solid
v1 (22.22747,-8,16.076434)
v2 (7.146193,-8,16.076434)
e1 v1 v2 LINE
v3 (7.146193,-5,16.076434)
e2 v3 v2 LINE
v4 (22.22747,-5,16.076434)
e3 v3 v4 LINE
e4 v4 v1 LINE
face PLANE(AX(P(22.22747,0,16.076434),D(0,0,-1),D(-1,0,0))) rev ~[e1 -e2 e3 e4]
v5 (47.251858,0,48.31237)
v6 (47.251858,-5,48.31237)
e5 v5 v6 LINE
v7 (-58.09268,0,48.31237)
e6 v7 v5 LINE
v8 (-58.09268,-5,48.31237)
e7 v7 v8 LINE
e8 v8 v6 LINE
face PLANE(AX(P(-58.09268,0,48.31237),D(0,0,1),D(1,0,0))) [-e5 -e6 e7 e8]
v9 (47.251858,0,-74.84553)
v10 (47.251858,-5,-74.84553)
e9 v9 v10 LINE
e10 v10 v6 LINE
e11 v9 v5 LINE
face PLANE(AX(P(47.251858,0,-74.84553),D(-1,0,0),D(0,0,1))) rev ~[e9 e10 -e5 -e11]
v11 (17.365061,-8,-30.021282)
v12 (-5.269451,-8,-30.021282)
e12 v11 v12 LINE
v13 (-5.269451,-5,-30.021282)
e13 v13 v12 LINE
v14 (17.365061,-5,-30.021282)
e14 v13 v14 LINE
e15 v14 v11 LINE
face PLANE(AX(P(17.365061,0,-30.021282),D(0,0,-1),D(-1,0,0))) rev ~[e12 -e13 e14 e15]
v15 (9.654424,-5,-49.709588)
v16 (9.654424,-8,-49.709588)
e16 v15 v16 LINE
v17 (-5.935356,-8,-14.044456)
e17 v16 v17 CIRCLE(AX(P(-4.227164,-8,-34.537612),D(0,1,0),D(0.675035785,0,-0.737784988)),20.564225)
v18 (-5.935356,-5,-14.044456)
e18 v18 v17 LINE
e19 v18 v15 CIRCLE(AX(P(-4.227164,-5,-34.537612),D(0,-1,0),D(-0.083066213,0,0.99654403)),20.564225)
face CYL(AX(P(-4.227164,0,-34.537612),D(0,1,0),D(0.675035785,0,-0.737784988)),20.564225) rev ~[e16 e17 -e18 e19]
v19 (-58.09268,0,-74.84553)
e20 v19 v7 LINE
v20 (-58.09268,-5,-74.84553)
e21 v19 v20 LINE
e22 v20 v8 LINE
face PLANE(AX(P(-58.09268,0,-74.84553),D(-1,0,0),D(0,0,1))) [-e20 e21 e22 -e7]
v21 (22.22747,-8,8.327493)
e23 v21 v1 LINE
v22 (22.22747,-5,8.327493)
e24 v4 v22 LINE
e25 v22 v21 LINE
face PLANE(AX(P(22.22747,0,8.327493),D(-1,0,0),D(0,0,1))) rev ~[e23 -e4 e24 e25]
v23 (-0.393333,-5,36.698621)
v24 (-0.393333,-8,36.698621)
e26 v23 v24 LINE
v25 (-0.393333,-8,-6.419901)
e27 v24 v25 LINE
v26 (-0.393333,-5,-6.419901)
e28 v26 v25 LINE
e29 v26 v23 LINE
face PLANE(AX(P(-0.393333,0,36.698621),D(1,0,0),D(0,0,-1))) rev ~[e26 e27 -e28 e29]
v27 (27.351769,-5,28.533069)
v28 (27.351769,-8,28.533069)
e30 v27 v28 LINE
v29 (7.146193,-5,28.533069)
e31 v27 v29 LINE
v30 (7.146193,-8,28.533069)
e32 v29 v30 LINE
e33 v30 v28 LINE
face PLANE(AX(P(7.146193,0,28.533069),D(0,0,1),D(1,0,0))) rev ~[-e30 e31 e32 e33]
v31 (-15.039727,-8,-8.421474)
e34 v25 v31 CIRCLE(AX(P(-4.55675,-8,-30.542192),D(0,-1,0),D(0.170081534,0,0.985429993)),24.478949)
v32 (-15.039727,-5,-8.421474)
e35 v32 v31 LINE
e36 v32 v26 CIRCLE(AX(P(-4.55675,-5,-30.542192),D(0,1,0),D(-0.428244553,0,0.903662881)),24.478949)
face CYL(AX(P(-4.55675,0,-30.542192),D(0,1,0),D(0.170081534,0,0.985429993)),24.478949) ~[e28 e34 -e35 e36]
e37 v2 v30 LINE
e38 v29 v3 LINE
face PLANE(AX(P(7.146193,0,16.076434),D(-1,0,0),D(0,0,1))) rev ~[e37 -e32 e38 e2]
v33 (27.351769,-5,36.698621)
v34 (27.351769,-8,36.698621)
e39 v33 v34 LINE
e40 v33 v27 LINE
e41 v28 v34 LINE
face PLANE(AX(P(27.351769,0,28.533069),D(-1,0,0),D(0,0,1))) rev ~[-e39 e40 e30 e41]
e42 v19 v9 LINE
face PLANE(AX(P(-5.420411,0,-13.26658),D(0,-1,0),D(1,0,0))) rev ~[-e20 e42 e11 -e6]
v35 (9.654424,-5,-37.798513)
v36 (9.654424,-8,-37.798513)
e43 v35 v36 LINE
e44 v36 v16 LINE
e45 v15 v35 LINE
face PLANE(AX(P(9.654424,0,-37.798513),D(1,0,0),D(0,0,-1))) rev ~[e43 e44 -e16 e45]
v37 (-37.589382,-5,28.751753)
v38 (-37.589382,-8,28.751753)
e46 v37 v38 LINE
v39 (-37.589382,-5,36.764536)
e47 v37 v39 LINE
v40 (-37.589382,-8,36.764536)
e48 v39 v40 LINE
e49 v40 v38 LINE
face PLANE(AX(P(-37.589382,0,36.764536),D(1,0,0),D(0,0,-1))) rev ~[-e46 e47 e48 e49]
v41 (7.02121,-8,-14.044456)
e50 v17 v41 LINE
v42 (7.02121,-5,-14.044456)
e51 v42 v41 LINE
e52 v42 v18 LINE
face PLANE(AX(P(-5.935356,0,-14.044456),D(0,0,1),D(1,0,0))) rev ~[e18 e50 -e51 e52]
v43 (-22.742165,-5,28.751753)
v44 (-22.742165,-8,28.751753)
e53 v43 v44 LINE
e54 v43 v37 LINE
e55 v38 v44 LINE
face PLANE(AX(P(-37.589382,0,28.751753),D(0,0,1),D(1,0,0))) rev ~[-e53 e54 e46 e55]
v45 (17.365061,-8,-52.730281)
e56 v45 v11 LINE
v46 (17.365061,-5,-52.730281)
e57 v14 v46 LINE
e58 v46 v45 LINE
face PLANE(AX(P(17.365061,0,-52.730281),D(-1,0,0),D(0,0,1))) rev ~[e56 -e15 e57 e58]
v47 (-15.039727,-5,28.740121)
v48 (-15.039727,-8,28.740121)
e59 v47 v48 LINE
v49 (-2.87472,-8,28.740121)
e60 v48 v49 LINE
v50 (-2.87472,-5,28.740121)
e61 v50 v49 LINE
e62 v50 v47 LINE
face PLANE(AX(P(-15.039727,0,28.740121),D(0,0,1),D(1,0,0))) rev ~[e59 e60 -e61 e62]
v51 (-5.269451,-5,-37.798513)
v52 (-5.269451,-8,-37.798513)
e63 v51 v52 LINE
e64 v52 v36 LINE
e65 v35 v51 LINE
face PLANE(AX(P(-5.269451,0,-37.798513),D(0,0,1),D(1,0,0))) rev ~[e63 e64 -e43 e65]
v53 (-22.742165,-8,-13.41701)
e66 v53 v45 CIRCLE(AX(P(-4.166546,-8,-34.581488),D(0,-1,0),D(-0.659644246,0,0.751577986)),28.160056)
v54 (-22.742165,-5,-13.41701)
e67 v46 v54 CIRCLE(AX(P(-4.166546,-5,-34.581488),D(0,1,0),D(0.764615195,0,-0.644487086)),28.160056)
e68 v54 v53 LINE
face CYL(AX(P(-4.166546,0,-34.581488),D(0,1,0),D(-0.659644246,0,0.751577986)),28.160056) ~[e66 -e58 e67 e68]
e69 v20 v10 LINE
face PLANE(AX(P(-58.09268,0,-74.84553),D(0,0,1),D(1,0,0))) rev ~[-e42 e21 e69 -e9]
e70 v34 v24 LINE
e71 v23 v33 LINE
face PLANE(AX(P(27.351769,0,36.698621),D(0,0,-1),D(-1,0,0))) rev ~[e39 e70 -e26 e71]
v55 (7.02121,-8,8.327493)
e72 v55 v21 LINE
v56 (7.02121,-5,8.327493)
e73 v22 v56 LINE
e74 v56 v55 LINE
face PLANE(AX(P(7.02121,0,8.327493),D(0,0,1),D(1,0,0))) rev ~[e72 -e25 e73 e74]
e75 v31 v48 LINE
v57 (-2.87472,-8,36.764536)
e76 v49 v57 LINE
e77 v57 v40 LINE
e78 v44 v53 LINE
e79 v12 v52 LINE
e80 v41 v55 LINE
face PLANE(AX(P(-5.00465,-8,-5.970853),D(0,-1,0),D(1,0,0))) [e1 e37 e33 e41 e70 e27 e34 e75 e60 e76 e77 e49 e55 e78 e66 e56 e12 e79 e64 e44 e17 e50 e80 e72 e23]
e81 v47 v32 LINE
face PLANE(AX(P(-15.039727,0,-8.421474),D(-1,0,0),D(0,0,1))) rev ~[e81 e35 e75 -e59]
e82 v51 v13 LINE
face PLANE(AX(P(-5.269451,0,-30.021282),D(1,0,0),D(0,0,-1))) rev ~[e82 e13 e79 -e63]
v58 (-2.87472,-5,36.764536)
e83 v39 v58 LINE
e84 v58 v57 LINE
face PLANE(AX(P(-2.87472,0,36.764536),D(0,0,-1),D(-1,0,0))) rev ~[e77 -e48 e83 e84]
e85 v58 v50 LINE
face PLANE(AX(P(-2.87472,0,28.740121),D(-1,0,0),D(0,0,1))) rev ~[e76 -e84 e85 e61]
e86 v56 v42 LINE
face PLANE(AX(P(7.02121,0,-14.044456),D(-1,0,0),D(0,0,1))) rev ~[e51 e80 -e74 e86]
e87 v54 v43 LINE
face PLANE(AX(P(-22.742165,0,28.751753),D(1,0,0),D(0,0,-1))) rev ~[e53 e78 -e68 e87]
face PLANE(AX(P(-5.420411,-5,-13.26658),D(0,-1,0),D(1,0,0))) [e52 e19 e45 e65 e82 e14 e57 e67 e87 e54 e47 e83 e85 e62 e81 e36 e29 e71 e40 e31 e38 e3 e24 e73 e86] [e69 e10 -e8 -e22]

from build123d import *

# Parameters (mm, degrees)
F1_DEPTH = 8
F0_W     = 105.344538
F0_H     = 123.1579
F2_DEPTH = 5


with BuildPart() as f1:
    # F0 (on Front) → F1 (new body)
    with BuildSketch(Plane.XZ):
        with BuildLine():
            Line((-2.87472, 36.764536), (-37.589382, 36.764536))
            Line((-37.589382, 36.764536), (-37.589382, 28.751753))
            Line((-37.589382, 28.751753), (-22.742165, 28.751753))
            Line((-22.742165, 28.751753), (-22.742165, -13.41701))
            ThreePointArc((-22.742165, -13.41701), (-23.878669, -54.691709), (17.365061, -52.730281))
            Line((17.365061, -52.730281), (17.365061, -30.021282))
            Line((17.365061, -30.021282), (-5.269451, -30.021282))
            Line((-5.269451, -30.021282), (-5.269451, -37.798513))
            Line((-5.269451, -37.798513), (9.654424, -37.798513))
            Line((9.654424, -37.798513), (9.654424, -49.709588))
            ThreePointArc((9.654424, -49.709588), (-23.069889, -42.774058), (-5.935356, -14.044456))
            Line((-5.935356, -14.044456), (7.02121, -14.044456))
            Line((7.02121, -14.044456), (7.02121, 8.327493))
            Line((7.02121, 8.327493), (22.22747, 8.327493))
            Line((22.22747, 8.327493), (22.22747, 16.076434))
            Line((22.22747, 16.076434), (7.146193, 16.076434))
            Line((7.146193, 16.076434), (7.146193, 28.533069))
            Line((7.146193, 28.533069), (27.351769, 28.533069))
            Line((27.351769, 28.533069), (27.351769, 36.698621))
            Line((27.351769, 36.698621), (-0.393333, 36.698621))
            Line((-0.393333, 36.698621), (-0.393333, -6.419901))
            ThreePointArc((-0.393333, -6.419901), (-7.871231, -6.288673), (-15.039727, -8.421474))
            Line((-15.039727, -8.421474), (-15.039727, 28.740121))
            Line((-15.039727, 28.740121), (-2.87472, 28.740121))
            Line((-2.87472, 28.740121), (-2.87472, 36.764536))
        make_face()
    extrude(amount=F1_DEPTH)

    # F0 (on Front) → F2 (join)
    with BuildSketch(Plane.XZ):
        with Locations((-5.420411, -13.26658)):
            Rectangle(F0_W, F0_H)
        with BuildLine():
            Line((-37.589382, 28.751753), (-37.589382, 36.764536))
            Line((-37.589382, 36.764536), (-2.87472, 36.764536))
            Line((-2.87472, 36.764536), (-2.87472, 28.740121))
            Line((-2.87472, 28.740121), (-15.039727, 28.740121))
            Line((-15.039727, 28.740121), (-15.039727, -8.421474))
            ThreePointArc((-15.039727, -8.421474), (-7.871231, -6.288673), (-0.393333, -6.419901))
            Line((-0.393333, -6.419901), (-0.393333, 36.698621))
            Line((-0.393333, 36.698621), (27.351769, 36.698621))
            Line((27.351769, 36.698621), (27.351769, 28.533069))
            Line((27.351769, 28.533069), (7.146193, 28.533069))
            Line((7.146193, 28.533069), (7.146193, 16.076434))
            Line((7.146193, 16.076434), (22.22747, 16.076434))
            Line((22.22747, 16.076434), (22.22747, 8.327493))
            Line((22.22747, 8.327493), (7.02121, 8.327493))
            Line((7.02121, 8.327493), (7.02121, -14.044456))
            Line((7.02121, -14.044456), (-5.935356, -14.044456))
            ThreePointArc((-5.935356, -14.044456), (-23.069889, -42.774058), (9.654424, -49.709588))
            Line((9.654424, -49.709588), (9.654424, -37.798513))
            Line((9.654424, -37.798513), (-5.269451, -37.798513))
            Line((-5.269451, -37.798513), (-5.269451, -30.021282))
            Line((-5.269451, -30.021282), (17.365061, -30.021282))
            Line((17.365061, -30.021282), (17.365061, -52.730281))
            ThreePointArc((17.365061, -52.730281), (-23.878669, -54.691709), (-22.742165, -13.41701))
            Line((-22.742165, -13.41701), (-22.742165, 28.751753))
            Line((-22.742165, 28.751753), (-37.589382, 28.751753))
        make_face(mode=Mode.SUBTRACT)
    extrude(amount=F2_DEPTH)


solid = f1.part
